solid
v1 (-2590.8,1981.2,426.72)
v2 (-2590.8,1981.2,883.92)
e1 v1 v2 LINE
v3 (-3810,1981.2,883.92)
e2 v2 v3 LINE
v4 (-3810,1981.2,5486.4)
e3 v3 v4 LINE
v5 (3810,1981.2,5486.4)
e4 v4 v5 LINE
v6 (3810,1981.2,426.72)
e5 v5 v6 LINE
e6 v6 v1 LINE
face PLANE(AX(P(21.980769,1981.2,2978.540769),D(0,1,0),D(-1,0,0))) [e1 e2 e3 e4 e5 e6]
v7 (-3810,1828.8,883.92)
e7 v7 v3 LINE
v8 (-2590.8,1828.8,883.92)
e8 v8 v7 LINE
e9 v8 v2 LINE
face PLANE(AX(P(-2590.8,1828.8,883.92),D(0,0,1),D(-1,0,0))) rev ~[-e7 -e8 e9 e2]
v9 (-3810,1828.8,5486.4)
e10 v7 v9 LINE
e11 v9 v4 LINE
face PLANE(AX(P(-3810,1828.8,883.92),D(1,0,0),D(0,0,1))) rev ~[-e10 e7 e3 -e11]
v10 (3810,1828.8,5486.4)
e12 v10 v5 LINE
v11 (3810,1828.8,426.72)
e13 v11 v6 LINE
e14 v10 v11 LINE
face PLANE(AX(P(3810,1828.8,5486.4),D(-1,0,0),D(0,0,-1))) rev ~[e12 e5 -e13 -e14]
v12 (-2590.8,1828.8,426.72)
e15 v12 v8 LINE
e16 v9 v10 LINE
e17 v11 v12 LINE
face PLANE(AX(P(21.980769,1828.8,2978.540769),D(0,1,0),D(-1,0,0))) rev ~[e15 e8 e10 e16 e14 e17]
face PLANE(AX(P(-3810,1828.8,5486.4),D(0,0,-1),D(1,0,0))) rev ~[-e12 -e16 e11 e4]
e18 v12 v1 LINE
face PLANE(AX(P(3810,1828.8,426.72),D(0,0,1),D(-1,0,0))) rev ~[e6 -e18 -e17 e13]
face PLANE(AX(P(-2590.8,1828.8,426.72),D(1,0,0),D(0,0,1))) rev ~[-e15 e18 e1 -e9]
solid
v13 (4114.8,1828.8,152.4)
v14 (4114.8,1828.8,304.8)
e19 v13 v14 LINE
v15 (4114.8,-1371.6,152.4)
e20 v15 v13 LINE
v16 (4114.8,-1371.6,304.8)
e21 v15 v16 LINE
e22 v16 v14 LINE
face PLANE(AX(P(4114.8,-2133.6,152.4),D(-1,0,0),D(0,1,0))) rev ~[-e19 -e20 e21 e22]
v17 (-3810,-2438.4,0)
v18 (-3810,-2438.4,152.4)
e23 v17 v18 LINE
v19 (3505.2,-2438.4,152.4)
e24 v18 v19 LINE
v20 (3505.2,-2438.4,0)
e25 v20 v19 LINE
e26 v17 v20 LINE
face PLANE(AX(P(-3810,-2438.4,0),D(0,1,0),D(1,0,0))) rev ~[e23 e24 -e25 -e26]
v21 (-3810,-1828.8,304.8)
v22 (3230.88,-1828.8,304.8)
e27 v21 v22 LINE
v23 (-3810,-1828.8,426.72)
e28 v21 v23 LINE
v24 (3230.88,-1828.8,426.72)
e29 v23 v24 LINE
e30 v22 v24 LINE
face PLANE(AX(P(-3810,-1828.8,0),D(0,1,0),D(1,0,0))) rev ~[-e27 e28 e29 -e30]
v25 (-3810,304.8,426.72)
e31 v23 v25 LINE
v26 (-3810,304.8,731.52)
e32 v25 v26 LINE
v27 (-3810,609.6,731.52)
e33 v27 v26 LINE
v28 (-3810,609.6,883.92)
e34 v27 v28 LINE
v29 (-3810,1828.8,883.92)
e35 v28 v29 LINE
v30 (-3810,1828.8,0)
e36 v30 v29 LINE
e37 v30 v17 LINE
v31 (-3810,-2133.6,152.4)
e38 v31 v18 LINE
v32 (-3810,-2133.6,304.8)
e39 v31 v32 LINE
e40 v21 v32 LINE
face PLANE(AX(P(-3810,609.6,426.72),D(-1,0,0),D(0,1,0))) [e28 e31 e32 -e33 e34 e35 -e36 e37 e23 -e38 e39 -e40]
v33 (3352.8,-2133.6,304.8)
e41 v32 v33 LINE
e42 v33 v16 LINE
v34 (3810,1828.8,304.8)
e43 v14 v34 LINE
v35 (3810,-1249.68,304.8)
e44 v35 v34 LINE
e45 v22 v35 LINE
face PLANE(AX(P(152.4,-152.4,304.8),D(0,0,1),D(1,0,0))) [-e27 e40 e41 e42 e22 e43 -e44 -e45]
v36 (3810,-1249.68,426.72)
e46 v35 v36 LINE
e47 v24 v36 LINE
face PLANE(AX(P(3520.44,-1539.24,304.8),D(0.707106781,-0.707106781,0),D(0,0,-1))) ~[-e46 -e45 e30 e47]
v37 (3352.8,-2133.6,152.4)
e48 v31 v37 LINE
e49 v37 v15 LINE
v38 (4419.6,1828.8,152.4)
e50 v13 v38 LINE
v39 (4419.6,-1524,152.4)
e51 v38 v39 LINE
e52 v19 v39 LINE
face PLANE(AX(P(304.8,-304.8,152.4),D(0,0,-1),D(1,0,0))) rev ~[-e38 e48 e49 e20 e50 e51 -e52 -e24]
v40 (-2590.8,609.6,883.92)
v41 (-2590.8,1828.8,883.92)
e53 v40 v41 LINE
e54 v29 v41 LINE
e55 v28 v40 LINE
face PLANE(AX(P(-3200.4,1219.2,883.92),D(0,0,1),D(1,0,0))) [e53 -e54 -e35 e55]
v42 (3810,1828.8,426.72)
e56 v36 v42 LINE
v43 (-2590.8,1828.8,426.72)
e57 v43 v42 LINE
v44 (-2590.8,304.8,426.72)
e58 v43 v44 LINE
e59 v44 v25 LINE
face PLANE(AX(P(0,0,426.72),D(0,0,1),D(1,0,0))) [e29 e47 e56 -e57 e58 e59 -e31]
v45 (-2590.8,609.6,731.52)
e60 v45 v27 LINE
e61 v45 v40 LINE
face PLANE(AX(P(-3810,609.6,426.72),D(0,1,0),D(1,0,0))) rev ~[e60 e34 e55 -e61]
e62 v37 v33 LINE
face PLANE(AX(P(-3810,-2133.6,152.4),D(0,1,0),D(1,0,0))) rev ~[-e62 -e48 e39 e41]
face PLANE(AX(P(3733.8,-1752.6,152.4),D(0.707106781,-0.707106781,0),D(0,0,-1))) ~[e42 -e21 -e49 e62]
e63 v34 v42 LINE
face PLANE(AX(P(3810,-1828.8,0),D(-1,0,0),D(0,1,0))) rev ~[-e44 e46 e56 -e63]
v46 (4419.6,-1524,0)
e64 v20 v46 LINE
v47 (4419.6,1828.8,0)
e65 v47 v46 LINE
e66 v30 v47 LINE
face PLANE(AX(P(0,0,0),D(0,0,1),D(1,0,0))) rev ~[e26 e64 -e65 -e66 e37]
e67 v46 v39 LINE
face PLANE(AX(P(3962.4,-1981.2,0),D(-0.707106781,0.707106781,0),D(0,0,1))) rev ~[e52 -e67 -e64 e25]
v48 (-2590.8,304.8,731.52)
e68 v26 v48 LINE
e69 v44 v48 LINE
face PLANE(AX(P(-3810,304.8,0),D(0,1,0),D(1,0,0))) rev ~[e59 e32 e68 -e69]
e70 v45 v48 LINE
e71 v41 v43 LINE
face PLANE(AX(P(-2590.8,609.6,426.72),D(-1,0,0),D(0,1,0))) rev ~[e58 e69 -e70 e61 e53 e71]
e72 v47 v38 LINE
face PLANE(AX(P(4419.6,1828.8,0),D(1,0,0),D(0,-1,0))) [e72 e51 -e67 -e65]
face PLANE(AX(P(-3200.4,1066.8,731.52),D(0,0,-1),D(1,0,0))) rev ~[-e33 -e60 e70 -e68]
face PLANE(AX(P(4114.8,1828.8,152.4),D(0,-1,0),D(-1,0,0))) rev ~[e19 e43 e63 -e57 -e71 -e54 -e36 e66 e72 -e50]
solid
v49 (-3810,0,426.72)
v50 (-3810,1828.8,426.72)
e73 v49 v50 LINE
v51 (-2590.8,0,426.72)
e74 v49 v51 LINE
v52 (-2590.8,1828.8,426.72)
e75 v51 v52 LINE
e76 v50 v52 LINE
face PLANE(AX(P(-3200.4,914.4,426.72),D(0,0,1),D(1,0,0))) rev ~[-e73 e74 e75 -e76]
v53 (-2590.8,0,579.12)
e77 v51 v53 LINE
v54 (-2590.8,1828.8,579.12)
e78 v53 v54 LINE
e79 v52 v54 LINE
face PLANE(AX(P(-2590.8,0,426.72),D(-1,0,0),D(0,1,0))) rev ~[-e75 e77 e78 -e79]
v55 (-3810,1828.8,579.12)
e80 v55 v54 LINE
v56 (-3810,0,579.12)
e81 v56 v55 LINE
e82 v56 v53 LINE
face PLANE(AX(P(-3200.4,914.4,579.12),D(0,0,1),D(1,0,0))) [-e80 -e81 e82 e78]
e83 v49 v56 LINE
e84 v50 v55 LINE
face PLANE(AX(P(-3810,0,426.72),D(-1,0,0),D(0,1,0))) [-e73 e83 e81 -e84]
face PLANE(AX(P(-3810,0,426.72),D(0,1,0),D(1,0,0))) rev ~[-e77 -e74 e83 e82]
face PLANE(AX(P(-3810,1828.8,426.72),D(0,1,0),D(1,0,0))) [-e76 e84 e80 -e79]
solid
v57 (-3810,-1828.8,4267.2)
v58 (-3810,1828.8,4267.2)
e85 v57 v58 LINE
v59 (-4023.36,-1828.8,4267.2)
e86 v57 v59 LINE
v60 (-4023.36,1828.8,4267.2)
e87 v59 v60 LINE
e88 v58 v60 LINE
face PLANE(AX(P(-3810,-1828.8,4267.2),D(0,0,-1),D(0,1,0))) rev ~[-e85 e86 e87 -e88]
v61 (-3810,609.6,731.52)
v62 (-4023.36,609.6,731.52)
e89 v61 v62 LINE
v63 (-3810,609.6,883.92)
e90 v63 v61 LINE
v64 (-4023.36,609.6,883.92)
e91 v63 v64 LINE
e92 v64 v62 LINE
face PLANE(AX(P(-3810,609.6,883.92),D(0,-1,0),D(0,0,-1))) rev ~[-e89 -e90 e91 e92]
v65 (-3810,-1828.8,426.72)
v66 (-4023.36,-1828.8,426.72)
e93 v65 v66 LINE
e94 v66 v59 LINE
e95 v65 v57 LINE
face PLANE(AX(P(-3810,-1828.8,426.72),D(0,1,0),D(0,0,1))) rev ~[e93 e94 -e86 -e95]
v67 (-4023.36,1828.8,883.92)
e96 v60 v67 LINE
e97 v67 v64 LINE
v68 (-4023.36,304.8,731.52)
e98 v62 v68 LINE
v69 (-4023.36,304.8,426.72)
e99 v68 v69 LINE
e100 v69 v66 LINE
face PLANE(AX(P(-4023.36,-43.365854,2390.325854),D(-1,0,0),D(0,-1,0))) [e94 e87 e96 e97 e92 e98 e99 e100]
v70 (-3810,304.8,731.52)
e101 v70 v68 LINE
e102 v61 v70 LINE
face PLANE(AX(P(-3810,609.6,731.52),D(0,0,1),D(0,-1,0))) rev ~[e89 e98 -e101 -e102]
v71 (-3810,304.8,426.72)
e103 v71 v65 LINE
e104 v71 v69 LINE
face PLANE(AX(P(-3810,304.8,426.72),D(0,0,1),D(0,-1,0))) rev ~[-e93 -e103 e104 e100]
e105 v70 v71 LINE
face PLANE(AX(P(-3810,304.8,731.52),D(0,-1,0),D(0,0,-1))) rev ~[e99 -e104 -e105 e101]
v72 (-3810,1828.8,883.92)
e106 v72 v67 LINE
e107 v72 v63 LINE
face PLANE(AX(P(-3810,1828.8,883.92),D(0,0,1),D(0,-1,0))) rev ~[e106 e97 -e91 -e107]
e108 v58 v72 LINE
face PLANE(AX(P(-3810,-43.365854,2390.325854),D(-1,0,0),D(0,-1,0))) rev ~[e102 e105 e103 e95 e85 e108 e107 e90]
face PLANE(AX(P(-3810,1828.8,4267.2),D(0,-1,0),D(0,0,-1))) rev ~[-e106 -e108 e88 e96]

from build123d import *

# Parameters (mm, degrees)
F0_W      = 7620
F0_H      = 3657.6
F1_DEPTH  = 426.72
F2_W      = 8229.6
F2_H      = 4267.2
F3_DEPTH  = 152.4
F4_DEPTH  = 152.4
F5_W      = 1219.2
F5_H      = 1219.2
F6_DEPTH  = 457.2
F7_W      = 1219.2
F7_H      = 1524
F8_DEPTH  = 731.52
F10_DEPTH = 152.4
F12_DEPTH = 213.36
F14_DEPTH = 152.4
F15_SIZE  = 579.12
F16_SIZE  = 762
F17_W     = 1219.2
F17_H     = 1828.8
F18_DEPTH = 152.4
F19_SIZE  = 914.4


with BuildPart() as f1:
    # F0 (on Top) → F1 (new body)
    with BuildSketch(Plane.XY):
        Rectangle(F0_W, F0_H)
    extrude(amount=F1_DEPTH)

    # F2 (on face) → F3 (join)
    with BuildSketch(Plane(origin=(0, 0, 0), x_dir=(1, 0, 0), z_dir=(0, 0, -1))):
        with Locations((304.8, 304.8)):
            Rectangle(F2_W, F2_H)
    extrude(amount=-F3_DEPTH)

    # F2 (on face) → F4 (join)
    with BuildSketch(Plane(origin=(0, 0, 0), x_dir=(1, 0, 0), z_dir=(0, 0, -1))):
        Polygon((3810, 1828.8), (3810, -1828.8), (4419.6, -1828.8), (4419.6, 2438.4), (-3810, 2438.4), (-3810, 1828.8), align=None)
    extrude(amount=-F4_DEPTH)

    # F5 (on face) → F6 (join)
    with BuildSketch(Plane.XY.offset(426.72)):
        with Locations((-3200.4, 1219.2)):
            Rectangle(F5_W, F5_H)
    extrude(amount=F6_DEPTH)

    # F7 (on face) → F8 (join)
    with BuildSketch(Plane(origin=(0, 0, 0), x_dir=(1, 0, 0), z_dir=(0, 0, -1))):
        with Locations((-3200.4, -1066.8)):
            Rectangle(F7_W, F7_H)
    extrude(amount=-F8_DEPTH)

    # F13 (on face) → F14 (join)
    with BuildSketch(Plane.XY.offset(152.4)):
        Polygon((4114.8, 1828.8), (-3810, 1828.8), (-3810, -1828.8), (-3810, -2133.6), (4114.8, -2133.6), align=None)
    extrude(amount=F14_DEPTH)

    # F15
    f15_edges = [f1.edges().sort_by_distance(p)[0] for p in [
        (3810, -1828.8, 365.76),
    ]]
    chamfer(f15_edges, length=F15_SIZE)

    # F16
    f16_edges = [f1.edges().sort_by_distance(p)[0] for p in [
        (4114.8, -2133.6, 228.6),
    ]]
    chamfer(f16_edges, length=F16_SIZE)

    # F19
    f19_edges = [f1.edges().sort_by_distance(p)[0] for p in [
        (4419.6, -2438.4, 76.2),
    ]]
    chamfer(f19_edges, length=F19_SIZE)


with BuildPart() as f10:
    # F9 (on face) → F10 (new body)
    with BuildSketch(Plane(origin=(0, 1828.8, 0), x_dir=(-1, 0, 0), z_dir=(0, 1, 0))):
        Polygon((2590.8, 883.92), (3810, 883.92), (3810, 5486.4), (-3810, 5486.4), (-3810, 426.72), (2590.8, 426.72), align=None)
    extrude(amount=F10_DEPTH)


with BuildPart() as f12:
    # F11 (on face) → F12 (new body)
    with BuildSketch(Plane(origin=(-3810, 0, 0), x_dir=(0, -1, 0), z_dir=(-1, 0, 0))):
        Polygon((-1828.8, 4267.2), (-1828.8, 883.92), (-609.6, 883.92), (-609.6, 731.52), (-304.8, 731.52), (-304.8, 426.72), (1828.8, 426.72), (1828.8, 4267.2), align=None)
    extrude(amount=F12_DEPTH)


with BuildPart() as f18:
    # F17 (on face) → F18 (new body)
    with BuildSketch(Plane.XY.offset(426.72)):
        with Locations((-3200.4, 914.4)):
            Rectangle(F17_W, F17_H)
    extrude(amount=F18_DEPTH)


solid = Compound([f1.part, f10.part, f12.part, f18.part])
